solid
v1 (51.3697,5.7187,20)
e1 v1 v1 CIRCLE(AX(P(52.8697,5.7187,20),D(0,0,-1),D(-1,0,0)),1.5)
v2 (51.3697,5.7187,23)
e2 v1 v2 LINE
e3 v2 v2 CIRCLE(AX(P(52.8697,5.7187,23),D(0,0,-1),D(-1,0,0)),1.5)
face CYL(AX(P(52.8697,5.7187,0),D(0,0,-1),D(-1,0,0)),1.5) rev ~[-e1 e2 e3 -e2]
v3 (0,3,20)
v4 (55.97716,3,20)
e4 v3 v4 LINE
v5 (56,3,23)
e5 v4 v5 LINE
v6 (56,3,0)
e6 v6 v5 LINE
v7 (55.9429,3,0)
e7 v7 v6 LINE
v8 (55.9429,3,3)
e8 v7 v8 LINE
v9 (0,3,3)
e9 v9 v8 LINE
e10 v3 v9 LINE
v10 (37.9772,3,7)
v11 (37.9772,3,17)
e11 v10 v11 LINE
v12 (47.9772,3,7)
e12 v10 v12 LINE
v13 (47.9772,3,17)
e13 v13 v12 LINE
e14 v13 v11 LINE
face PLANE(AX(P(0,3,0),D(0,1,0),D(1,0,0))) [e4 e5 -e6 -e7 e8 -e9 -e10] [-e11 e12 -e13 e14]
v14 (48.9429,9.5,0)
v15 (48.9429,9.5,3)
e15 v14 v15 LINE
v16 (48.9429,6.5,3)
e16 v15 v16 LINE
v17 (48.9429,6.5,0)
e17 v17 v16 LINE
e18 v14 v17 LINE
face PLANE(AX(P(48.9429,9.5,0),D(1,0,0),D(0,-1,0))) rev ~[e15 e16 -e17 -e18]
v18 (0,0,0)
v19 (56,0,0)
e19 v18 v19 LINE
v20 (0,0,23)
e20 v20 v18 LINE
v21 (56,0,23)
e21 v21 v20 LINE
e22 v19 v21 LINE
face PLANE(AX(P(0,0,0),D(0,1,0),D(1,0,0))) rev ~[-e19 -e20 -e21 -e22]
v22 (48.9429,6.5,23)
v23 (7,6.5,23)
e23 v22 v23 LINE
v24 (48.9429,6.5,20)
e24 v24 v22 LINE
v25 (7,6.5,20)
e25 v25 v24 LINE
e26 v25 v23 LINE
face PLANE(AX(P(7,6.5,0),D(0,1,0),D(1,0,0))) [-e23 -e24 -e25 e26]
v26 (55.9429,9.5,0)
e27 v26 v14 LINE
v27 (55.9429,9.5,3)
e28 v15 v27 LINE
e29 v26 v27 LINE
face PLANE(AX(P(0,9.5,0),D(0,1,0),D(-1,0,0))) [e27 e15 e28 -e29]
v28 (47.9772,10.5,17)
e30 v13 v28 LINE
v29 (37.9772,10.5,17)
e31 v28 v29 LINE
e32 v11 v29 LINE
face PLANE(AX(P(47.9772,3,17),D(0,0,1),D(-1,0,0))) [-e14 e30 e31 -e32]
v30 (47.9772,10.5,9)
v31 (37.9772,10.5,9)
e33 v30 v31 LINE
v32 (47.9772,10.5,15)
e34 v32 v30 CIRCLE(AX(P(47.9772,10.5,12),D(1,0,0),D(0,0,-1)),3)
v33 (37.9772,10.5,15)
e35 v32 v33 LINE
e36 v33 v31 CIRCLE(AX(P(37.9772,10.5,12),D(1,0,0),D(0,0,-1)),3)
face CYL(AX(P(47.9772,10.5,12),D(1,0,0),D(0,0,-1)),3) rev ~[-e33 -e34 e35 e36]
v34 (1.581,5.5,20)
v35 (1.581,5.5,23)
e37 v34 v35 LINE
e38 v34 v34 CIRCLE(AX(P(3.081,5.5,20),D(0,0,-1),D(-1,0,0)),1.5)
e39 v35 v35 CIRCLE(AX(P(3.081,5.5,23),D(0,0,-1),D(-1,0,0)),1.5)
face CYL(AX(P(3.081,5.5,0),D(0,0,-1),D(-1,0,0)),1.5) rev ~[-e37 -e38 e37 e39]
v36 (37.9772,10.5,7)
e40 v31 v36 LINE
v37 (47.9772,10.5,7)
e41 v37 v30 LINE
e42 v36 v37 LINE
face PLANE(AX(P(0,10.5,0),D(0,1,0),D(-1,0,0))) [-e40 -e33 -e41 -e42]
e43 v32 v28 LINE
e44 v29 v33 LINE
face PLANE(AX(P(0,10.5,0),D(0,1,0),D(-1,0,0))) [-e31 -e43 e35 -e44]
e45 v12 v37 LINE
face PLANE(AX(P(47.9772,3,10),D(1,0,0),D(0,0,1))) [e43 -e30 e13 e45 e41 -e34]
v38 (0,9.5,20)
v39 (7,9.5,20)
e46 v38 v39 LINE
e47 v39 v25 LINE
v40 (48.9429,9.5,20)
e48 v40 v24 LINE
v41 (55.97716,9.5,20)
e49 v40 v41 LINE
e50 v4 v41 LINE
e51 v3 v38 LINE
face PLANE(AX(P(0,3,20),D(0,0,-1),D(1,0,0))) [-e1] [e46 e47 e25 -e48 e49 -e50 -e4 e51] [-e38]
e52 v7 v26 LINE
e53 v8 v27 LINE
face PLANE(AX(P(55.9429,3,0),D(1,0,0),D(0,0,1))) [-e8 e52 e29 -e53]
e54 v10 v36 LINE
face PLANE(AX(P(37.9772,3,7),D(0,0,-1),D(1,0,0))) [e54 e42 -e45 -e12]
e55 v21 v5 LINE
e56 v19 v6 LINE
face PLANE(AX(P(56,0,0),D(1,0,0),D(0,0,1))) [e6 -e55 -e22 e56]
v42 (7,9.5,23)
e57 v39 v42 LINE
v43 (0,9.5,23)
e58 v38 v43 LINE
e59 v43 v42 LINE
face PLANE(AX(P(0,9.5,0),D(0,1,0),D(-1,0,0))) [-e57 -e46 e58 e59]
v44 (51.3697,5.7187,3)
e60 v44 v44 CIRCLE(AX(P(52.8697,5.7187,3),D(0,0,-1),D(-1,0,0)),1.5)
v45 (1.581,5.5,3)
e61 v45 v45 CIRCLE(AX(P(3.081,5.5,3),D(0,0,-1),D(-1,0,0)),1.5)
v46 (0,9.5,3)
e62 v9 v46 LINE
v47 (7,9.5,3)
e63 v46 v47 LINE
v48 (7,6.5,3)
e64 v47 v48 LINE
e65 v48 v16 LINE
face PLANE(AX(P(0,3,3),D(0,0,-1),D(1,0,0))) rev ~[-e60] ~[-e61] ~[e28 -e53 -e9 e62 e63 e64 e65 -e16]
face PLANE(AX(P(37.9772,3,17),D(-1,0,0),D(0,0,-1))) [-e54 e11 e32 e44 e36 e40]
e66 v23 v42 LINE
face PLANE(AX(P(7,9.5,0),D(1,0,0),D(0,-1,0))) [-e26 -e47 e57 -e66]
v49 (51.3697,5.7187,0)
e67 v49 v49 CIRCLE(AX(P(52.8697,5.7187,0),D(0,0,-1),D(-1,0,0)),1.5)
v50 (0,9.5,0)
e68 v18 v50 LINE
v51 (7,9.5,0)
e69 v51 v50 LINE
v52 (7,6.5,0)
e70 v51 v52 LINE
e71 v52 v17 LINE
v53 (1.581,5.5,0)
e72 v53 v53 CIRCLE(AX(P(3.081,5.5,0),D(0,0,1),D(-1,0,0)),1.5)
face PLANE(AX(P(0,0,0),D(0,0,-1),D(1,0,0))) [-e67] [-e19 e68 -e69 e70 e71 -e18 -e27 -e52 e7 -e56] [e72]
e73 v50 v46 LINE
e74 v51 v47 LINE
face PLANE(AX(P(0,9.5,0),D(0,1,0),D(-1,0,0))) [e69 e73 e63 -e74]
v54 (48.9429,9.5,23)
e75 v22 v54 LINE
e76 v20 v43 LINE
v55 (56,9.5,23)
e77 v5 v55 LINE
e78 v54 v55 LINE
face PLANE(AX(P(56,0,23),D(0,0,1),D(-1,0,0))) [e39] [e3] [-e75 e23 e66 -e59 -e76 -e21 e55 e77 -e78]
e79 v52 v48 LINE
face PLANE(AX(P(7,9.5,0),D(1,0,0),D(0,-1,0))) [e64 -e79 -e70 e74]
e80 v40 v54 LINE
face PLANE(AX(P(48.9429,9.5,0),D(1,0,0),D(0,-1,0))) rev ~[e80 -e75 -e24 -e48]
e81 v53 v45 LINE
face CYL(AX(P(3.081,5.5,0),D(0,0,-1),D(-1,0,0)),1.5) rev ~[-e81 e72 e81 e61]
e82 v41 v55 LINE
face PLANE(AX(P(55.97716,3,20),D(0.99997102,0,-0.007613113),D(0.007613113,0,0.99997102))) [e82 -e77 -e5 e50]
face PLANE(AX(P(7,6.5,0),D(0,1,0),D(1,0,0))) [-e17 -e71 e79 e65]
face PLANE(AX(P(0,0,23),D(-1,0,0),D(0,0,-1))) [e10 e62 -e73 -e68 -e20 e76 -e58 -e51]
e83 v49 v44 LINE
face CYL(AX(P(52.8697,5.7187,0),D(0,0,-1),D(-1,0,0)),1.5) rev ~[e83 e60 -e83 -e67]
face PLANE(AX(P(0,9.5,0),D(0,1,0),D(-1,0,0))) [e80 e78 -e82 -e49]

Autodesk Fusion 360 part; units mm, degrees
sketch "Sketch1" plane through (0, 0, 0) normal (0, 1, 0) x (1, 0, 0)
  line L0 (0, 0) -> (56, 0)
  line L1 (56, 0) -> (56, -23)
  line L2 (56, -23) -> (0, -23)
  line L3 (0, -23) -> (0, 0)
  dimension "d1" = 56
  dimension "d2" = 23
extrude "Extrude1" add sketch "Sketch1" along normal blind 3
sketch "Sketch2" plane through (0, 3, 0) normal (0, 1, 0) x (-1, 0, 0)
  line L0 (0, 23) -> (-56, 23)
  line L1 (-56, 23) -> (-56, 0)
  line L2 (-56, 0) -> (0, 0)
  line L3 (0, 0) -> (0, 23)
  line L4 (0, 0) -> (-55.9429, 0)
  line L5 (-55.9429, 0) -> (-55.9429, 7.5)
  line L6 (-55.9429, 7.5) -> (0, 7.5)
  line L7 (0, 7.5) -> (0, 0)
  line L8 (0, 11.5) -> (-56, 11.5)
  line L9 (-55.9429, 15.5) -> (0, 15.5)
  line L10 (0, 15.5) -> (0, 23)
  line L11 (0, 23) -> (-56, 23)
  line L12 (-55.9429, 15.5) -> (-56, 23)
  line L13 (0, 7.5) -> (-7.5, 7.5)
  line L14 (-7.5, 7.5) -> (-7.5, 4.5)
  line L15 (-55.9429, 7.5) -> (-48.4429, 7.5)
  line L16 (-48.4429, 7.5) -> (-48.4429, 4.5)
  line L17 (-7.5, 4.5) -> (-48.4429, 4.5)
  line L18 (-48.4429, 4.5) -> (-48.4429, 7.5)
  line L19 (-7.5, 18.5) -> (-48.4429, 18.5)
  line L20 (-48.4429, 15.5) -> (-48.4429, 18.5)
  line L21 (-7.5, 15.5) -> (-7.5, 18.5)
  line L22 (0, 0) -> (0, 3)
  line L23 (0, 3) -> (-56, 3)
  line L24 (0, 20) -> (-56, 20)
  dimension "d5" = 7.5
  dimension "d6" = 7.5
  dimension "d7" = 3
  dimension "d8" = 7.5
  dimension "d9" = 3
  dimension "d10" = 3
extrude "Extrude2" add sketch "Sketch2" along normal blind 6.5 contours L0 L3 L10 L11 L12 L24 | L2 L3 L4 L5 L7 L22 L23
sketch "Sketch3" plane through (0, 0, 0) normal (0, 0, -1) x (-1, 0, 0)
  line L0 (-56, 0) -> (0, 0)
  line L1 (0, 0) -> (0, 9.5)
  line L2 (0, 9.5) -> (-55.9429, 9.5)
  line L3 (-55.9429, 9.5) -> (-55.9429, 3)
  line L4 (-55.9429, 3) -> (-56, 3)
  line L5 (-56, 3) -> (-56, 0)
  line L6 (0, 0) -> (0, 9.5)
  line L7 (0, 9.5) -> (-7, 9.5)
  line L8 (-7, 9.5) -> (-7, 6.5)
  line L9 (-55.9429, 9.5) -> (-48.9429, 9.5)
  line L10 (-48.9429, 9.5) -> (-48.9429, 6.5)
  line L11 (-7, 6.5) -> (-48.9429, 6.5)
  dimension "d13" = 9.5
  dimension "d14" = 7
  dimension "d15" = 3
  dimension "d16" = 7
  dimension "d17" = 3
extrude "Extrude3" cut sketch "Sketch3" against normal blind 30 contours L2 L8 L10 L11
sketch "Sketch4" plane through (0, 0, 0) normal (0, 0, -1) x (-1, 0, 0)
  line L0 (-7, 9.5) -> (-7, 6.5)
  line L1 (-7, 6.5) -> (-48.9429, 6.5)
  line L2 (-48.9429, 6.5) -> (-48.9429, 9.5)
  line L3 (-48.9429, 9.5) -> (-55.9429, 9.5)
  line L4 (-55.9429, 9.5) -> (-55.9429, 3)
  line L5 (-55.9429, 3) -> (-56, 3)
  line L6 (-56, 3) -> (-56, 0)
  line L7 (-56, 0) -> (0, 0)
  line L8 (0, 0) -> (0, 9.5)
  line L9 (0, 9.5) -> (-7, 9.5)
  line L10 (0, 0) -> (-3.081, 0)
  line L11 (-3.081, 0) -> (-3.081, 9.5)
  line L12 (0, 0) -> (0, 2.916)
  line L13 (0, 2.916) -> (-5.2666, 2.916)
  line L14 (-28, 0) -> (-27.9715, 6.5)
  line L15 (-2.393, 9.5) -> (-2.393, 6.584)
  line L16 (-2.393, 6.584) -> (-5.7836, 6.584)
  line L17 (-3.081, 0) -> (-3.081, 4.5)
  line L18 (-3.081, 0) -> (-3.081, 5.5)
  circle A0 centre (-3.081, 5.5) radius 1.5
  circle A1 centre (-52.8697, 5.7187) radius 1.5
  dimension "d20" = 3.081
  dimension "d21" = 2.916
  dimension "d23" = 2.916
  dimension "d25" = 4.5
  dimension "d26" = 5.5
  dimension "d27" = 3
extrude "Extrude4" cut sketch "Sketch4" against normal blind 30 contours L11 L15 L16 A0 | L11 L16 A0 | L11 L15 L16 L17 L18 A0 | L11 L16 L17 L18 A0 | A1
sketch "Sketch6" plane through (0, 3, 0) normal (0, 1, 0) x (-1, 0, 0)
  line L0 (-55.9772, 20) -> (-56, 23)
  line L1 (-56, 23) -> (-56, 0)
  line L2 (-56, 0) -> (-55.9429, 0)
  line L3 (-55.9429, 0) -> (-55.9429, 3)
  line L4 (-55.9429, 3) -> (0, 3)
  line L5 (0, 3) -> (0, 20)
  line L6 (0, 20) -> (-55.9772, 20)
  line L7 (-55.9772, 20) -> (-47.9772, 20)
  line L8 (-47.9772, 20) -> (-37.9772, 20)
  line L9 (-37.9772, 20) -> (-37.9772, 10)
  line L10 (-37.9772, 10) -> (-47.9772, 10)
  line L11 (-47.9772, 10) -> (-47.9772, 20)
  line L12 (-37.9772, 20) -> (-37.9772, 19.4199)
  line L13 (-37.9772, 3) -> (-37.9772, 20)
  line L14 (-37.9772, 20) -> (-37.9772, 11.5)
  line L15 (-37.9772, 17) -> (-37.9772, 8.5)
  line L16 (-37.9772, 17) -> (-37.9772, 7)
  line L17 (-37.9772, 7) -> (-47.9772, 7)
  line L18 (-47.9772, 7) -> (-47.9772, 17)
  line L19 (-47.9772, 17) -> (-37.9772, 17)
  dimension "d30" = 8
  dimension "d31" = 10
  dimension "d32" = 10
  dimension "d38" = 10
  dimension "d39" = 10
extrude "Extrude5" add sketch "Sketch6" along normal blind 7.5 contours L9 L10 L11 L13 L14 L15 L16 L18 L19 | L10 L13 L15 L16 L17 L18
sketch "Sketch7" plane through (47.9772, 0, 0) normal (1, 0, 0) x (0, 0, -1)
  line L0 (-17, 3) -> (-7, 3)
  line L1 (-7, 10.5) -> (-17, 10.5)
  circle A0 centre (-12, 10.5) radius 3
  line L2 (-7, 3) -> (-7, 10.5)
  line L3 (-17, 10.5) -> (-17, 3)
  dimension "d35" = 6
extrude "Extrude6" cut sketch "Sketch7" against normal blind 10 contours L1 A0 picked at (-12.5, 9.634)
